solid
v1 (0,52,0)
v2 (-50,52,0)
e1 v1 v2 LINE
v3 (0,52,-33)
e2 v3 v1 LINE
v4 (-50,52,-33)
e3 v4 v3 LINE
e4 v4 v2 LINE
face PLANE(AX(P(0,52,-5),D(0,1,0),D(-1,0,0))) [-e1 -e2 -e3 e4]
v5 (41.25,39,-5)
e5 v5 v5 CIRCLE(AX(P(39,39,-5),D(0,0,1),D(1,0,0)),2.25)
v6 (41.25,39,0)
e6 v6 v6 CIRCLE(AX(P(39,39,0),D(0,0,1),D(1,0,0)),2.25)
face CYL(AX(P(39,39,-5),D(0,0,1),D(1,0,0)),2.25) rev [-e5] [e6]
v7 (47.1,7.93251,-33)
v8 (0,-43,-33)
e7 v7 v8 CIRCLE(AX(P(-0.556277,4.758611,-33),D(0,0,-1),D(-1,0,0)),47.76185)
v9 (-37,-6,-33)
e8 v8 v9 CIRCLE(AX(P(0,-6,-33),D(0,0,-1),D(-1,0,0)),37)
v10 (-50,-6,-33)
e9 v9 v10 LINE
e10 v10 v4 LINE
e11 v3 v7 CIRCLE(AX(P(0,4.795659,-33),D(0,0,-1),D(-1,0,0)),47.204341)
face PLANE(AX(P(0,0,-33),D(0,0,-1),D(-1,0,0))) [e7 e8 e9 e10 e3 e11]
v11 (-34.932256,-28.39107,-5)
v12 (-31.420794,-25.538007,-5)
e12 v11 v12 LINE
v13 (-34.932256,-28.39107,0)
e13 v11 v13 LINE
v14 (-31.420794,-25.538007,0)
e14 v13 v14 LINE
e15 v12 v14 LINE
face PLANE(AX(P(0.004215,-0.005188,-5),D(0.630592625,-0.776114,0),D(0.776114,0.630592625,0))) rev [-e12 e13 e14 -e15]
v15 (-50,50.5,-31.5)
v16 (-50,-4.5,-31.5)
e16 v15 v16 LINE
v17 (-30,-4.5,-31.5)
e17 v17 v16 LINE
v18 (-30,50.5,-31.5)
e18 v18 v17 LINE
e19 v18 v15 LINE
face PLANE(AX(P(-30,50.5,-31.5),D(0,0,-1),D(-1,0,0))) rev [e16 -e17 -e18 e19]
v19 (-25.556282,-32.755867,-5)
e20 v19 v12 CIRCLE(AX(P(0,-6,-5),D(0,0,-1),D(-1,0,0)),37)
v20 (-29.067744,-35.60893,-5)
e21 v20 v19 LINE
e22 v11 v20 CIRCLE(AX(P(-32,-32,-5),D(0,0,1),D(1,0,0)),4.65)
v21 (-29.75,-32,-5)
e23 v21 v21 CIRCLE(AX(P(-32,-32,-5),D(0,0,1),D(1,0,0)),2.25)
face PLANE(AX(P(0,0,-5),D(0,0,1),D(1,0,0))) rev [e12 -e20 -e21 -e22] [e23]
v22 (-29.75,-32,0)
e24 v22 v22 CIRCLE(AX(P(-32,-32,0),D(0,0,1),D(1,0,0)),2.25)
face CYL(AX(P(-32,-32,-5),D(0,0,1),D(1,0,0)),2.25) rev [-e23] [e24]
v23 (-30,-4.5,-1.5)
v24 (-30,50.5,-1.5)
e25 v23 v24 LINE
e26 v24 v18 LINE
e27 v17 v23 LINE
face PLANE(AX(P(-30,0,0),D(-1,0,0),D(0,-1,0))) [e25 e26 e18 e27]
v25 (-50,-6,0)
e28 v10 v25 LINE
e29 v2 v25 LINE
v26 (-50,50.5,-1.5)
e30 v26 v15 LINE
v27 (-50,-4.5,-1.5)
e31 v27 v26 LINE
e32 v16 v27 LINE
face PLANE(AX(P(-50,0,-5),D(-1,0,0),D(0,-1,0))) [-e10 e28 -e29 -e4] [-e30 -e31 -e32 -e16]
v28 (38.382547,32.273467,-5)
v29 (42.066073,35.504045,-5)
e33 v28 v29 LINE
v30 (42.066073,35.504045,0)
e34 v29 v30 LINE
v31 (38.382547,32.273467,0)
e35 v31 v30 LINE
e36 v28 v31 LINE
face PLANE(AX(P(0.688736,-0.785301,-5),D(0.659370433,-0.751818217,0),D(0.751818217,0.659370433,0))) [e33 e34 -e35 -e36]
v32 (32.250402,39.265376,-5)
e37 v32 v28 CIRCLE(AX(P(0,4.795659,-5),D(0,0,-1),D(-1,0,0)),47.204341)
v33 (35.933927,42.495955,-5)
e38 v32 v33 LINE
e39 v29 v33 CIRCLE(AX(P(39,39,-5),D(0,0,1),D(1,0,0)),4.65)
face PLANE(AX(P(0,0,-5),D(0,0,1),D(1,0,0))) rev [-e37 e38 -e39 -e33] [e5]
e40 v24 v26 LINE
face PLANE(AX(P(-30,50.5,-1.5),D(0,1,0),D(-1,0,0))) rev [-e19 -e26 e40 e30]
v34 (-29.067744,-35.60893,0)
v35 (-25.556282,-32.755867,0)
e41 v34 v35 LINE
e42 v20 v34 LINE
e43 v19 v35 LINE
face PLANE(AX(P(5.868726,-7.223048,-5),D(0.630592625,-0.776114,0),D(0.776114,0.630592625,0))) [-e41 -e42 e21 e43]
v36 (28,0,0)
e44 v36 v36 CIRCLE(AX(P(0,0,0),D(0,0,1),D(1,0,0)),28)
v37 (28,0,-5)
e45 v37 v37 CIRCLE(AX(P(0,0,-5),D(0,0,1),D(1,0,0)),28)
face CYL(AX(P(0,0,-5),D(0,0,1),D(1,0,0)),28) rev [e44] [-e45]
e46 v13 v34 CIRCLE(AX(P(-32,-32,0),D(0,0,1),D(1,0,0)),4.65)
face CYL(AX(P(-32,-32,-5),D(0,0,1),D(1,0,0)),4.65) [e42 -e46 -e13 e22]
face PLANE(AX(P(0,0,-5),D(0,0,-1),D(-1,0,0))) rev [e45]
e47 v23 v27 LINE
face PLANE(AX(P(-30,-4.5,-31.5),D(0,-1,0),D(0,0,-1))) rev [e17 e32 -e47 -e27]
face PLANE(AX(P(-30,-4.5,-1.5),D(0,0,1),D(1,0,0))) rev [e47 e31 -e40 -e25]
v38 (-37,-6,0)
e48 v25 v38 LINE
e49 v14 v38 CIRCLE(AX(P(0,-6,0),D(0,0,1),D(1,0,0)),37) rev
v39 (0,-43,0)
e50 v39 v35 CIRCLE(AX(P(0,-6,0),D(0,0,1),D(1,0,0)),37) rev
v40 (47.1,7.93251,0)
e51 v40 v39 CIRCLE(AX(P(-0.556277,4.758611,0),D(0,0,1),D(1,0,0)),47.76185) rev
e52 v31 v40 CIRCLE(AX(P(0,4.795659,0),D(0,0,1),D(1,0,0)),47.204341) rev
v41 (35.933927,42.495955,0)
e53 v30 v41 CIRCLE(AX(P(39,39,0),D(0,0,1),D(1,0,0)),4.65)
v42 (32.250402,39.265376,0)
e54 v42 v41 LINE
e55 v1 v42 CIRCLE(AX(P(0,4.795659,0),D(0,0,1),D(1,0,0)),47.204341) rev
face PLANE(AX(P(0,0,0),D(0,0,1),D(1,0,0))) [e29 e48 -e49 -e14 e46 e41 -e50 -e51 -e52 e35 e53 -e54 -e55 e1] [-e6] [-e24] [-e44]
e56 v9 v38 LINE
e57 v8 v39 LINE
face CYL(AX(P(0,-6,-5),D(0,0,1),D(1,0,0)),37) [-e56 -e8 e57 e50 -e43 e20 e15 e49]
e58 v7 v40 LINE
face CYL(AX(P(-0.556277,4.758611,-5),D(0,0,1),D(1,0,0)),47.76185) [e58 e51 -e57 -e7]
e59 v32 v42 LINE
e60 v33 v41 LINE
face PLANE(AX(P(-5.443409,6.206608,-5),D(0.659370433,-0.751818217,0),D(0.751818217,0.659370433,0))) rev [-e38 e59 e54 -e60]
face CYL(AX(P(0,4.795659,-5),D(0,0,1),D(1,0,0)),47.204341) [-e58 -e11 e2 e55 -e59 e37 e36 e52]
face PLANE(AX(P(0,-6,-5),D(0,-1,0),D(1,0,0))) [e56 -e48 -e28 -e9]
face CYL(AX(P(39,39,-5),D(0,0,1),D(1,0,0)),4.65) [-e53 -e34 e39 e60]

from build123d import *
from build123d.topology import SkipClean

# Parameters (mm, degrees)
SKETCH2_R           = 2.25
SKETCH2_R_2         = 28
BOSS_EXTRUDE1_DEPTH = 5
SKETCH5_R           = 28
BOSS_EXTRUDE3_DEPTH = 28
SKETCH6_W           = 30
SKETCH6_H           = 55
CUT_EXTRUDE1_DEPTH  = 20


with BuildPart() as part:
    # Sketch2 → Boss-Extrude1 (new body)
    # profile 1 of 3: a face of its own
    with BuildSketch(Plane.XY):
        with BuildLine():
            Line((35.933927487, 42.495954711), (32.250401879, 39.26537607))
            ThreePointArc((32.250401879, 39.26537607), (35.489083713, 35.92080567), (38.382546905, 32.273466648))
            Line((38.382546905, 32.273466648), (42.066072513, 35.504045289))
            ThreePointArc((42.066072513, 35.504045289), (42.495954711, 42.066072513), (35.933927487, 42.495954711))
        make_face()
        with Locations((39, 39)):
            Circle(SKETCH2_R, mode=Mode.SUBTRACT)
    # profile 2 of 3: a face of its own
    with BuildSketch(Plane.XY):
        with BuildLine():
            ThreePointArc((-25.556282339, -32.755867263), (-28.716218004, -29.331927128), (-31.420793753, -25.538007062))
            Line((-31.420793753, -25.538007062), (-34.932255707, -28.391069899))
            ThreePointArc((-34.932255707, -28.391069899), (-35.608930101, -34.932255707), (-29.067744293, -35.608930101))
            Line((-29.067744293, -35.608930101), (-25.556282339, -32.755867263))
        make_face()
        with Locations((-32, -32)):
            Circle(SKETCH2_R, mode=Mode.SUBTRACT)
    # profile 3 of 3: a face of its own
    with BuildSketch(Plane.XY):
        with BuildLine():
            ThreePointArc((0, -43), (-26.162950904, -32.162950904), (-37, -6))
            Line((-37, -6), (-50, -6))
            Line((-50, -6), (-50, 52))
            Line((-50, 52), (0, 52))
            ThreePointArc((0, 52), (32.250401879, 39.26537607), (47.1, 7.932509882))
            ThreePointArc((47.1, 7.932509882), (34.50998509, -27.669026021), (0, -43))
        make_face()
        Circle(SKETCH2_R_2, mode=Mode.SUBTRACT)
    extrude(amount=-BOSS_EXTRUDE1_DEPTH)

    # Sketch5 → Boss-Extrude3 (add)
    # profile 1 of 2: a face of its own
    with SkipClean():  # the faces are left unmerged after this step: merging them gives an invalid solid
        with BuildSketch(Plane.XY.offset(-5)):
            with BuildLine():
                ThreePointArc((32.250401879, 39.26537607), (17.336803829, 48.701069191), (0, 52))
                Line((0, 52), (-50, 52))
                Line((-50, 52), (-50, -6))
                Line((-50, -6), (-37, -6))
                ThreePointArc((-37, -6), (-35.577867902, -16.159493864), (-31.420793753, -25.538007062))
                ThreePointArc((-31.420793753, -25.538007062), (-28.716218004, -29.331927128), (-25.556282339, -32.755867263))
                ThreePointArc((-25.556282339, -32.755867263), (-13.766497581, -40.34360995), (0, -43))
                ThreePointArc((0, -43), (34.50998509, -27.669026021), (47.1, 7.932509882))
                ThreePointArc((47.1, 7.932509882), (44.44026328, 20.711463284), (38.382546905, 32.273466648))
                ThreePointArc((38.382546905, 32.273466648), (35.489083713, 35.92080567), (32.250401879, 39.26537607))
            make_face()
            Circle(SKETCH5_R, mode=Mode.SUBTRACT)
        # profile 2 of 2: a face of its own
        with BuildSketch(Plane.XY.offset(-5)):
            Circle(SKETCH5_R)
        extrude(amount=-BOSS_EXTRUDE3_DEPTH)

    # Sketch6 → Cut-Extrude1 (cut)
    with SkipClean():  # the faces are left unmerged after this step: merging them gives an invalid solid
        with BuildSketch(Plane.ZY.offset(50)):
            with Locations((-16.5, 23)):
                Rectangle(SKETCH6_W, SKETCH6_H)
        extrude(amount=-CUT_EXTRUDE1_DEPTH, mode=Mode.SUBTRACT)


solid = part.part
